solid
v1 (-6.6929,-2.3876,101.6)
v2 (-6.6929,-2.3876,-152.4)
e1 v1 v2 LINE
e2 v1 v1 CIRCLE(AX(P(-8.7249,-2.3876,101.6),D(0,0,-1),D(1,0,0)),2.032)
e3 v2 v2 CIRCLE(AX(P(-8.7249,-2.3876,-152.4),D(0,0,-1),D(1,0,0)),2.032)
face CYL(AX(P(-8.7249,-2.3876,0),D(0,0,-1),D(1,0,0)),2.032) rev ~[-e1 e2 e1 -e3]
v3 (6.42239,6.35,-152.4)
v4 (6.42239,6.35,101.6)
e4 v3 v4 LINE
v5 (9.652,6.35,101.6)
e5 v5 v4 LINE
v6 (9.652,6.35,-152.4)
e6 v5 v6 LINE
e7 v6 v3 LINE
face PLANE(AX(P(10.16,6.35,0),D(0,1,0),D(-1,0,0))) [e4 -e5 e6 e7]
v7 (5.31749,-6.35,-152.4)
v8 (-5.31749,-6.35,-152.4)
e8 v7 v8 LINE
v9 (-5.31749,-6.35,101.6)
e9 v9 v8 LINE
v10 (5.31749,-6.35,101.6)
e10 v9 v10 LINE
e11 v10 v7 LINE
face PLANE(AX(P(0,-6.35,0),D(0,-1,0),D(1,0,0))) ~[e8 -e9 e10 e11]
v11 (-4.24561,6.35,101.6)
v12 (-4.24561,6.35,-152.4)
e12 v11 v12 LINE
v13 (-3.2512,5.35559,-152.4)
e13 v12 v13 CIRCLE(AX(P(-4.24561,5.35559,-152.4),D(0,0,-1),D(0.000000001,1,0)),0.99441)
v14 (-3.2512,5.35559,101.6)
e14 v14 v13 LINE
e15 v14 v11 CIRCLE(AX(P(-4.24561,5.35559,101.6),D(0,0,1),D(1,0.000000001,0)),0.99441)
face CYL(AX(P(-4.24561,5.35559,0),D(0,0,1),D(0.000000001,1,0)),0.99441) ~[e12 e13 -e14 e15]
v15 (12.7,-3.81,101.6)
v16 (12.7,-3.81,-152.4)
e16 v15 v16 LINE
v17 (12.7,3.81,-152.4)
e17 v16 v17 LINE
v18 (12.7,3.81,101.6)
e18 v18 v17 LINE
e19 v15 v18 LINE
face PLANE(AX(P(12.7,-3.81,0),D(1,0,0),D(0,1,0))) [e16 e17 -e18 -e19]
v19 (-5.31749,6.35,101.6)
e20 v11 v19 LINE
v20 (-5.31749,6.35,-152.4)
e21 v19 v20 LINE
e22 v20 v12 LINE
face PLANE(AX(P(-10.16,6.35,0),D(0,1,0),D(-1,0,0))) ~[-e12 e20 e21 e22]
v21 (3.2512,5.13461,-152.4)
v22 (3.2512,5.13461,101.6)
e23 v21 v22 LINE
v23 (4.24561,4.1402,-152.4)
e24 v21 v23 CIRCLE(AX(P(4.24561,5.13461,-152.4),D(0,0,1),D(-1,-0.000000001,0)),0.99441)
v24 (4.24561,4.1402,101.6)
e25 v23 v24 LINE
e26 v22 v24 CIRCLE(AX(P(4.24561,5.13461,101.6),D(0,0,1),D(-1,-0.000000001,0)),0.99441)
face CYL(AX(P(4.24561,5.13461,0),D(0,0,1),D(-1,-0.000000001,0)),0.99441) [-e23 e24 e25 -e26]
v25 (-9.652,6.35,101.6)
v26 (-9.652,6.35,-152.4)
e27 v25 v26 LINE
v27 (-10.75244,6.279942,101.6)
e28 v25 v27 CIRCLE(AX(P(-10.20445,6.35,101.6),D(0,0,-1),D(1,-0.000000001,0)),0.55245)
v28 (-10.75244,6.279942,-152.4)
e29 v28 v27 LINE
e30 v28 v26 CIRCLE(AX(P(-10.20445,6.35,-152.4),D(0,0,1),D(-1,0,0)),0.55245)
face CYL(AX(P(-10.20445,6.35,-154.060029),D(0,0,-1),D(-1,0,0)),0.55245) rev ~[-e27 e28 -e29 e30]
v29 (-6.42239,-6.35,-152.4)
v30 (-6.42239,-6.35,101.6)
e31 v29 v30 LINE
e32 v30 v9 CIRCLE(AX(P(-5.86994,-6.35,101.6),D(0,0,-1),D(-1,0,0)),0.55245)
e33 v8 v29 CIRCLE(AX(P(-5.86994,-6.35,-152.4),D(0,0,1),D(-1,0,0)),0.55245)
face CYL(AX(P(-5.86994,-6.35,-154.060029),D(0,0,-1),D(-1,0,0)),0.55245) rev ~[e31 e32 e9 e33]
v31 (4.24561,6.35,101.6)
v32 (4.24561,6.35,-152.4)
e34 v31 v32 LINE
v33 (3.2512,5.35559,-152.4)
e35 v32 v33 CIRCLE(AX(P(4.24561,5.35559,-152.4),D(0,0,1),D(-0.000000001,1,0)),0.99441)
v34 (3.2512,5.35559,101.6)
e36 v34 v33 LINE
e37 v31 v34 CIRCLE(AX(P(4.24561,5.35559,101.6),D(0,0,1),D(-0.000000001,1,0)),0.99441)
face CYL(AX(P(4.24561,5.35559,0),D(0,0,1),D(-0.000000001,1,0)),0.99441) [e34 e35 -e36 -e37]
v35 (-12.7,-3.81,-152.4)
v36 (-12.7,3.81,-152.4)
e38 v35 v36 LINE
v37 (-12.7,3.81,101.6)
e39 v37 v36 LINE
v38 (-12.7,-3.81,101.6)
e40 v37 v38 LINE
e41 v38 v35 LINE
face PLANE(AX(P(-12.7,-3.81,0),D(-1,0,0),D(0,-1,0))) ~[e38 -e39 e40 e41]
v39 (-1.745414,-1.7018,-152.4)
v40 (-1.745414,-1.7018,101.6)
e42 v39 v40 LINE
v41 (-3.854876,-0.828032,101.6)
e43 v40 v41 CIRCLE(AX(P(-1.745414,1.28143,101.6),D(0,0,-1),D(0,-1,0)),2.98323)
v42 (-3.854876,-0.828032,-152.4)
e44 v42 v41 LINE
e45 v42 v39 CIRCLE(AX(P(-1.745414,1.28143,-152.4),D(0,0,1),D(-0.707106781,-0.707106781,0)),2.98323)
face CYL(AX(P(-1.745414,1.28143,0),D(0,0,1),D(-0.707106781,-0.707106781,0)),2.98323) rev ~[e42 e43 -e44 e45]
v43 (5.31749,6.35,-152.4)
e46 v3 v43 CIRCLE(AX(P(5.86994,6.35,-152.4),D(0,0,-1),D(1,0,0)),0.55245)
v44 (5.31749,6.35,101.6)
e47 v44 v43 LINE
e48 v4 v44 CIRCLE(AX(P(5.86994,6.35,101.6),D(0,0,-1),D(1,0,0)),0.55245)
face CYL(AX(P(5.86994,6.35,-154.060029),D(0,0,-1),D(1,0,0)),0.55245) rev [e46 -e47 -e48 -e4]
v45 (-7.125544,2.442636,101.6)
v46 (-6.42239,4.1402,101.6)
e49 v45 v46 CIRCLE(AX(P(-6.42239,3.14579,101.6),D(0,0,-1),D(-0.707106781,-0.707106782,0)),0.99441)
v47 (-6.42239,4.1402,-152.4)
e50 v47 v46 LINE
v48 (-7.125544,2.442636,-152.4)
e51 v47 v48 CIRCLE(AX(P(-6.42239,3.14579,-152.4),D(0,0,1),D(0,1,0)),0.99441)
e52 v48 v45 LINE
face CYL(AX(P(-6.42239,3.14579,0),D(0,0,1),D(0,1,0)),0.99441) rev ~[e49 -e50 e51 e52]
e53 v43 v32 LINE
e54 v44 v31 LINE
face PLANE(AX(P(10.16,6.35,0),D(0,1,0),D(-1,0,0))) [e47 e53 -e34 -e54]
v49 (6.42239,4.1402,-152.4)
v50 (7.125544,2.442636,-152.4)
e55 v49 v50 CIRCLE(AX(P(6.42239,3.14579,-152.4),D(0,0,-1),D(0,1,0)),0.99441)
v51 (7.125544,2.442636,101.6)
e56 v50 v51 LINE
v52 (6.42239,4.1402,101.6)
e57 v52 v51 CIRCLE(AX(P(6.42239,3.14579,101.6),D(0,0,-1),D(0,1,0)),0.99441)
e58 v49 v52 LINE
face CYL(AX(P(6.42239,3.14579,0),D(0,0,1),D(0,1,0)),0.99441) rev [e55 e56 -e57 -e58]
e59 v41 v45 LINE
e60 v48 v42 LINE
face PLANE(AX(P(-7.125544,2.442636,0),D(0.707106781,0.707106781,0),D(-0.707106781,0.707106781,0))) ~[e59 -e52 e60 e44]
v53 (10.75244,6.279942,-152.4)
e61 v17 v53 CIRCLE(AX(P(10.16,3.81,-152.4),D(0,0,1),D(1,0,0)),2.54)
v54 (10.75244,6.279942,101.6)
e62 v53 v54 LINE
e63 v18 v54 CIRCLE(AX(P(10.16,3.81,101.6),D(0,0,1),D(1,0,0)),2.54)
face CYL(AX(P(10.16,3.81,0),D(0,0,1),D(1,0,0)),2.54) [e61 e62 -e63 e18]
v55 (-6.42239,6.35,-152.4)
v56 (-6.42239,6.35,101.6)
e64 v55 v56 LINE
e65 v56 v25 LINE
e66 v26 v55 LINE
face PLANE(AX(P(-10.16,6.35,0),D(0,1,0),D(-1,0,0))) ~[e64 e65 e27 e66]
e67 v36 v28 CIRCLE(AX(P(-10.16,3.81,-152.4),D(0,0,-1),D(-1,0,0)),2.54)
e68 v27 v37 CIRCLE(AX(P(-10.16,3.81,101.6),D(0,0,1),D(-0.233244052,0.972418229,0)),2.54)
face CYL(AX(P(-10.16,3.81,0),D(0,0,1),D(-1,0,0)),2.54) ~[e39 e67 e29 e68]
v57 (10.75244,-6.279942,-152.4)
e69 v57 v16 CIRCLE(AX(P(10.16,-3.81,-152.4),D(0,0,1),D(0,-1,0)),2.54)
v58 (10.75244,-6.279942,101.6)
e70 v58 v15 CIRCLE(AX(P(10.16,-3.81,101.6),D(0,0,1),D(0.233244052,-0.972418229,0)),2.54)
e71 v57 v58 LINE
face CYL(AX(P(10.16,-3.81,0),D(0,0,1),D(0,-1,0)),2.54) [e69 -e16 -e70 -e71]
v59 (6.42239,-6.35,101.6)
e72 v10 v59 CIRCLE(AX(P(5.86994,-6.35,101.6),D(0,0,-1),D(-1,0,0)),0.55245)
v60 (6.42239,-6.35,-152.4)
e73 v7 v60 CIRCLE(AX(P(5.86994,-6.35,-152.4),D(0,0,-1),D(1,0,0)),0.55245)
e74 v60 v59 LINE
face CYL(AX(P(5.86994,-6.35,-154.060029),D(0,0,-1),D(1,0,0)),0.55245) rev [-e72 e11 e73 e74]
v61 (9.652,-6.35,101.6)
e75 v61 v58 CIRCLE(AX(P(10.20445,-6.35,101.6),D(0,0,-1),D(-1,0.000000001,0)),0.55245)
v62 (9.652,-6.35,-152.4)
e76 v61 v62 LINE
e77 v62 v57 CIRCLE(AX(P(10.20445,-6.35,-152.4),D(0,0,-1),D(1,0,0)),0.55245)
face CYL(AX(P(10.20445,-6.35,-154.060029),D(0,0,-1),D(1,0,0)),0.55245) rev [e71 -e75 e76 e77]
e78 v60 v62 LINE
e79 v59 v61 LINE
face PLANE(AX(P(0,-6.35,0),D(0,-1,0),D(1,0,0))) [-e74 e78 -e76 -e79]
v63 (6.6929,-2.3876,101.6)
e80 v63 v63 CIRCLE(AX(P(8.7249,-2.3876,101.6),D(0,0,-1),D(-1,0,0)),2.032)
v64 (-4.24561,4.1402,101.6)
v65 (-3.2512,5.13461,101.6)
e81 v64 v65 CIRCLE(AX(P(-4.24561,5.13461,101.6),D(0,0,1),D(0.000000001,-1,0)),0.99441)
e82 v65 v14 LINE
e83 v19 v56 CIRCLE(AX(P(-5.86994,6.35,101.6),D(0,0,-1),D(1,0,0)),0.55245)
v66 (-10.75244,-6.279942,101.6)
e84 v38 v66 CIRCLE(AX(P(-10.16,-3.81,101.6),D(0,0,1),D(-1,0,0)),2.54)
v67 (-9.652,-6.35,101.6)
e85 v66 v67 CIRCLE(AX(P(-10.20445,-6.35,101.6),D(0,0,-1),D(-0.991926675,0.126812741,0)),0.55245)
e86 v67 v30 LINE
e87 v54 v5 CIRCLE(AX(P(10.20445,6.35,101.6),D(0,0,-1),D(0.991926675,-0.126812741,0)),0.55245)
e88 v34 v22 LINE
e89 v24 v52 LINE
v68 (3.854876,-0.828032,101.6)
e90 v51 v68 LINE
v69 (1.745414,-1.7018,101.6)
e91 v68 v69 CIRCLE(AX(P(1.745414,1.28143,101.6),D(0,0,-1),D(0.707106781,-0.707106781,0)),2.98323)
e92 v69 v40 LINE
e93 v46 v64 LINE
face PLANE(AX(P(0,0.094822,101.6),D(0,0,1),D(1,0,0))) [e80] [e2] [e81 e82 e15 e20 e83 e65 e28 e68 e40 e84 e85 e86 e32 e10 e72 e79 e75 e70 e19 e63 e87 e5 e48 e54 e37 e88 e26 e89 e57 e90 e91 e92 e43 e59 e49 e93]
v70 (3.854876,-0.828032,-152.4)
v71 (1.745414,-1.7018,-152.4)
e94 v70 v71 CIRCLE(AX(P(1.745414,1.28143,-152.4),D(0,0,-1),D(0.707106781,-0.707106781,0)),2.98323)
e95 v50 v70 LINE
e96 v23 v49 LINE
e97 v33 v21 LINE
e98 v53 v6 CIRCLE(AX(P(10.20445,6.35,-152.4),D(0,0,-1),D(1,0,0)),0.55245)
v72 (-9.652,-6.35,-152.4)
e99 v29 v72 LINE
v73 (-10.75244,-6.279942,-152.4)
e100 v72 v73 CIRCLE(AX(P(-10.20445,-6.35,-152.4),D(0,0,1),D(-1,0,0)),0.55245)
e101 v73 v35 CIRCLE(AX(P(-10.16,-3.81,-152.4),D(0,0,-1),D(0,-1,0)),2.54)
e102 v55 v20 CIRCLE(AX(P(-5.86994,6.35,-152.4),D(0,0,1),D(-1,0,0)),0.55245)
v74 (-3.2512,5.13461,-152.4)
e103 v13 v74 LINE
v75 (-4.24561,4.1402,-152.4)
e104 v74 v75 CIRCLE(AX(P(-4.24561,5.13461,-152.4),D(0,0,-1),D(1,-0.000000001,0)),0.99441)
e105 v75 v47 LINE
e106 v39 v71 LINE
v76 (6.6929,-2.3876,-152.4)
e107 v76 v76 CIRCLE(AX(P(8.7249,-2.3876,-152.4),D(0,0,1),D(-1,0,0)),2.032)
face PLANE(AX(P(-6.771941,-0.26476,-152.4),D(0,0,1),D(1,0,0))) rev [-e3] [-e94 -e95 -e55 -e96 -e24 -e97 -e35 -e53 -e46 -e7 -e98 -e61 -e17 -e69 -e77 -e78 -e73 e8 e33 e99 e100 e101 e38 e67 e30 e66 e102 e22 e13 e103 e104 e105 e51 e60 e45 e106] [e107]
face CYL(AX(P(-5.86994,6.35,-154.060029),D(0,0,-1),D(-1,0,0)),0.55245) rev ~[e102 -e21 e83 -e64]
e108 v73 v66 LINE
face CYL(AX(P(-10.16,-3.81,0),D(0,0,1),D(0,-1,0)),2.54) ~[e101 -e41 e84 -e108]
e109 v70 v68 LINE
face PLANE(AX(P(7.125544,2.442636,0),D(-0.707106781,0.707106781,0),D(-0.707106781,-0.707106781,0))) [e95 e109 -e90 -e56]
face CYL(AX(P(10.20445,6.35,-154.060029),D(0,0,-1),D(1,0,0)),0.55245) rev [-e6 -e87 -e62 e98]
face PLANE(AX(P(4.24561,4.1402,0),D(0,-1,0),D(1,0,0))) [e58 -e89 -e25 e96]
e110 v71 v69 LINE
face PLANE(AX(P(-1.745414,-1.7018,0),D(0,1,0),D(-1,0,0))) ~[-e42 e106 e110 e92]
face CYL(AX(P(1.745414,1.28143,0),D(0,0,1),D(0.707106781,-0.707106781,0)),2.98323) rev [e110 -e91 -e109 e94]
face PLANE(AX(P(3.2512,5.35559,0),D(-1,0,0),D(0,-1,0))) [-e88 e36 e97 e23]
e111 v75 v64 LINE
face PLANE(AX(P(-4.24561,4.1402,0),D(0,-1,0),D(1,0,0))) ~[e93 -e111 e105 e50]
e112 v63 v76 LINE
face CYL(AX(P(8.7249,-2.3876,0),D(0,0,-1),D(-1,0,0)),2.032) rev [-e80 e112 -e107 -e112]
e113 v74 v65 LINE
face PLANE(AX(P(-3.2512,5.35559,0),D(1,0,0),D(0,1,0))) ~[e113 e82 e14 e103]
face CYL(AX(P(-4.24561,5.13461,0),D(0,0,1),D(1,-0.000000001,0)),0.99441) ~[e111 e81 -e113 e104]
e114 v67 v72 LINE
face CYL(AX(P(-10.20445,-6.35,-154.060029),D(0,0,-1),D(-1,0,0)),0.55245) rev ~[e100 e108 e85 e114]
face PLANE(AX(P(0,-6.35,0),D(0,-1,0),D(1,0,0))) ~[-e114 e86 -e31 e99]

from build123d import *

# Parameters (mm, degrees)
SKETCH3_R               = 2.032
BOSS_EXTRUDE1_DEPTH     = 152.4
CUT_EXTRUDE1_DEPTH      = 154.060029074
CUT_EXTRUDE1_DEPTH_BACK = 154.060029074
SKETCH4_R               = 0.55245
CUT_EXTRUDE2_DEPTH      = 50.8


with BuildPart() as part:
    # Sketch3 → Boss-Extrude1 (new, symmetric)
    with BuildSketch(Plane.XY):
        with BuildLine():
            Line((3.2512, 5.35559), (3.2512, 5.13461))
            ThreePointArc((3.2512, 5.13461), (3.542455946, 4.431455946), (4.24561, 4.1402))
            Line((4.24561, 4.1402), (6.42239, 4.1402))
            ThreePointArc((6.42239, 4.1402), (7.341105046, 3.526334232), (7.125544054, 2.442635946))
            Line((7.125544054, 2.442635946), (3.854875946, -0.828032163))
            ThreePointArc((3.854875946, -0.828032163), (2.887046479, -1.474715138), (1.745413783, -1.7018))
            Line((1.745413783, -1.7018), (0, -1.7018))
            Line((0, -1.7018), (0, -6.35))
            Line((0, -6.35), (10.16, -6.35))
            ThreePointArc((10.16, -6.35), (11.956051224, -5.606051224), (12.7, -3.81))
            Line((12.7, -3.81), (12.7, 3.81))
            ThreePointArc((12.7, 3.81), (11.956051224, 5.606051224), (10.16, 6.35))
            Line((10.16, 6.35), (4.24561, 6.35))
            ThreePointArc((4.24561, 6.35), (3.542455946, 6.058744054), (3.2512, 5.35559))
        make_face()
        with Locations(Location((8.7249, -2.3876, 0), (0, 0, 180))):
            Circle(SKETCH3_R, mode=Mode.SUBTRACT)
    extrude(amount=BOSS_EXTRUDE1_DEPTH, both=True)

    # Sketch4 → Cut-Extrude1 (cut, two sides: drawn at the far end of the back side and taken through both)
    with BuildSketch(Plane.XY.offset(-CUT_EXTRUDE1_DEPTH_BACK)):
        with Locations((5.86994, 6.35)):
            Circle(SKETCH4_R)
        with Locations((10.20445, 6.35)):
            Circle(SKETCH4_R)
        with Locations((5.86994, -6.35)):
            Circle(SKETCH4_R)
        with Locations((10.20445, -6.35)):
            Circle(SKETCH4_R)
    extrude(amount=CUT_EXTRUDE1_DEPTH + CUT_EXTRUDE1_DEPTH_BACK, mode=Mode.SUBTRACT)

    # Mirror1: part across plane


with BuildPart() as part_1:
    add(part.part)
    add(part.part.mirror(Plane(origin=(0, 0, 0), x_dir=(0, 0, 1), z_dir=(1, 0, 0))))

    # Sketch5 → Cut-Extrude2 (cut)
    with BuildSketch(Plane.XY.offset(152.4)):
        with BuildLine():
            Line((9.652, 6.35), (6.42239, 6.35))
            ThreePointArc((6.42239, 6.35), (5.86994, 5.79755), (5.31749, 6.35))
            Line((5.31749, 6.35), (4.24561, 6.35))
            ThreePointArc((4.24561, 6.35), (3.542455946, 6.058744054), (3.2512, 5.35559))
            Line((3.2512, 5.35559), (3.2512, 5.13461))
            ThreePointArc((3.2512, 5.13461), (3.542455946, 4.431455946), (4.24561, 4.1402))
            Line((4.24561, 4.1402), (6.42239, 4.1402))
            ThreePointArc((6.42239, 4.1402), (7.341105046, 3.526334232), (7.125544054, 2.442635946))
            Line((7.125544054, 2.442635946), (3.854875946, -0.828032163))
            ThreePointArc((3.854875946, -0.828032163), (2.887046479, -1.474715138), (1.745413783, -1.7018))
            Line((1.745413783, -1.7018), (-1.745413783, -1.7018))
            ThreePointArc((-1.745413783, -1.7018), (-2.887046479, -1.474715138), (-3.854875946, -0.828032163))
            Line((-3.854875946, -0.828032163), (-7.125544054, 2.442635946))
            ThreePointArc((-7.125544054, 2.442635946), (-7.341105046, 3.526334232), (-6.42239, 4.1402))
            Line((-6.42239, 4.1402), (-4.24561, 4.1402))
            ThreePointArc((-4.24561, 4.1402), (-3.542455946, 4.431455946), (-3.2512, 5.13461))
            Line((-3.2512, 5.13461), (-3.2512, 5.35559))
            ThreePointArc((-3.2512, 5.35559), (-3.542455946, 6.058744054), (-4.24561, 6.35))
            Line((-4.24561, 6.35), (-5.31749, 6.35))
            ThreePointArc((-5.31749, 6.35), (-5.86994, 5.79755), (-6.42239, 6.35))
            Line((-6.42239, 6.35), (-9.652, 6.35))
            ThreePointArc((-9.652, 6.35), (-10.169350236, 5.798666155), (-10.752439892, 6.279942302))
            ThreePointArc((-10.752439892, 6.279942302), (-12.154542219, 5.382705102), (-12.7, 3.81))
            Line((-12.7, 3.81), (-12.7, -3.81))
            ThreePointArc((-12.7, -3.81), (-12.154542219, -5.382705102), (-10.752439892, -6.279942302))
            ThreePointArc((-10.752439892, -6.279942302), (-10.169350236, -5.798666155), (-9.652, -6.35))
            Line((-9.652, -6.35), (-6.42239, -6.35))
            ThreePointArc((-6.42239, -6.35), (-5.86994, -5.79755), (-5.31749, -6.35))
            Line((-5.31749, -6.35), (5.31749, -6.35))
            ThreePointArc((5.31749, -6.35), (5.86994, -5.79755), (6.42239, -6.35))
            Line((6.42239, -6.35), (9.652, -6.35))
            ThreePointArc((9.652, -6.35), (10.169350236, -5.798666155), (10.752439892, -6.279942302))
            ThreePointArc((10.752439892, -6.279942302), (12.154542219, -5.382705102), (12.7, -3.81))
            Line((12.7, -3.81), (12.7, 3.81))
            ThreePointArc((12.7, 3.81), (12.154542219, 5.382705102), (10.752439892, 6.279942302))
            ThreePointArc((10.752439892, 6.279942302), (10.169350236, 5.798666155), (9.652, 6.35))
        make_face()
    extrude(amount=-CUT_EXTRUDE2_DEPTH, mode=Mode.SUBTRACT)


solid = part_1.part
